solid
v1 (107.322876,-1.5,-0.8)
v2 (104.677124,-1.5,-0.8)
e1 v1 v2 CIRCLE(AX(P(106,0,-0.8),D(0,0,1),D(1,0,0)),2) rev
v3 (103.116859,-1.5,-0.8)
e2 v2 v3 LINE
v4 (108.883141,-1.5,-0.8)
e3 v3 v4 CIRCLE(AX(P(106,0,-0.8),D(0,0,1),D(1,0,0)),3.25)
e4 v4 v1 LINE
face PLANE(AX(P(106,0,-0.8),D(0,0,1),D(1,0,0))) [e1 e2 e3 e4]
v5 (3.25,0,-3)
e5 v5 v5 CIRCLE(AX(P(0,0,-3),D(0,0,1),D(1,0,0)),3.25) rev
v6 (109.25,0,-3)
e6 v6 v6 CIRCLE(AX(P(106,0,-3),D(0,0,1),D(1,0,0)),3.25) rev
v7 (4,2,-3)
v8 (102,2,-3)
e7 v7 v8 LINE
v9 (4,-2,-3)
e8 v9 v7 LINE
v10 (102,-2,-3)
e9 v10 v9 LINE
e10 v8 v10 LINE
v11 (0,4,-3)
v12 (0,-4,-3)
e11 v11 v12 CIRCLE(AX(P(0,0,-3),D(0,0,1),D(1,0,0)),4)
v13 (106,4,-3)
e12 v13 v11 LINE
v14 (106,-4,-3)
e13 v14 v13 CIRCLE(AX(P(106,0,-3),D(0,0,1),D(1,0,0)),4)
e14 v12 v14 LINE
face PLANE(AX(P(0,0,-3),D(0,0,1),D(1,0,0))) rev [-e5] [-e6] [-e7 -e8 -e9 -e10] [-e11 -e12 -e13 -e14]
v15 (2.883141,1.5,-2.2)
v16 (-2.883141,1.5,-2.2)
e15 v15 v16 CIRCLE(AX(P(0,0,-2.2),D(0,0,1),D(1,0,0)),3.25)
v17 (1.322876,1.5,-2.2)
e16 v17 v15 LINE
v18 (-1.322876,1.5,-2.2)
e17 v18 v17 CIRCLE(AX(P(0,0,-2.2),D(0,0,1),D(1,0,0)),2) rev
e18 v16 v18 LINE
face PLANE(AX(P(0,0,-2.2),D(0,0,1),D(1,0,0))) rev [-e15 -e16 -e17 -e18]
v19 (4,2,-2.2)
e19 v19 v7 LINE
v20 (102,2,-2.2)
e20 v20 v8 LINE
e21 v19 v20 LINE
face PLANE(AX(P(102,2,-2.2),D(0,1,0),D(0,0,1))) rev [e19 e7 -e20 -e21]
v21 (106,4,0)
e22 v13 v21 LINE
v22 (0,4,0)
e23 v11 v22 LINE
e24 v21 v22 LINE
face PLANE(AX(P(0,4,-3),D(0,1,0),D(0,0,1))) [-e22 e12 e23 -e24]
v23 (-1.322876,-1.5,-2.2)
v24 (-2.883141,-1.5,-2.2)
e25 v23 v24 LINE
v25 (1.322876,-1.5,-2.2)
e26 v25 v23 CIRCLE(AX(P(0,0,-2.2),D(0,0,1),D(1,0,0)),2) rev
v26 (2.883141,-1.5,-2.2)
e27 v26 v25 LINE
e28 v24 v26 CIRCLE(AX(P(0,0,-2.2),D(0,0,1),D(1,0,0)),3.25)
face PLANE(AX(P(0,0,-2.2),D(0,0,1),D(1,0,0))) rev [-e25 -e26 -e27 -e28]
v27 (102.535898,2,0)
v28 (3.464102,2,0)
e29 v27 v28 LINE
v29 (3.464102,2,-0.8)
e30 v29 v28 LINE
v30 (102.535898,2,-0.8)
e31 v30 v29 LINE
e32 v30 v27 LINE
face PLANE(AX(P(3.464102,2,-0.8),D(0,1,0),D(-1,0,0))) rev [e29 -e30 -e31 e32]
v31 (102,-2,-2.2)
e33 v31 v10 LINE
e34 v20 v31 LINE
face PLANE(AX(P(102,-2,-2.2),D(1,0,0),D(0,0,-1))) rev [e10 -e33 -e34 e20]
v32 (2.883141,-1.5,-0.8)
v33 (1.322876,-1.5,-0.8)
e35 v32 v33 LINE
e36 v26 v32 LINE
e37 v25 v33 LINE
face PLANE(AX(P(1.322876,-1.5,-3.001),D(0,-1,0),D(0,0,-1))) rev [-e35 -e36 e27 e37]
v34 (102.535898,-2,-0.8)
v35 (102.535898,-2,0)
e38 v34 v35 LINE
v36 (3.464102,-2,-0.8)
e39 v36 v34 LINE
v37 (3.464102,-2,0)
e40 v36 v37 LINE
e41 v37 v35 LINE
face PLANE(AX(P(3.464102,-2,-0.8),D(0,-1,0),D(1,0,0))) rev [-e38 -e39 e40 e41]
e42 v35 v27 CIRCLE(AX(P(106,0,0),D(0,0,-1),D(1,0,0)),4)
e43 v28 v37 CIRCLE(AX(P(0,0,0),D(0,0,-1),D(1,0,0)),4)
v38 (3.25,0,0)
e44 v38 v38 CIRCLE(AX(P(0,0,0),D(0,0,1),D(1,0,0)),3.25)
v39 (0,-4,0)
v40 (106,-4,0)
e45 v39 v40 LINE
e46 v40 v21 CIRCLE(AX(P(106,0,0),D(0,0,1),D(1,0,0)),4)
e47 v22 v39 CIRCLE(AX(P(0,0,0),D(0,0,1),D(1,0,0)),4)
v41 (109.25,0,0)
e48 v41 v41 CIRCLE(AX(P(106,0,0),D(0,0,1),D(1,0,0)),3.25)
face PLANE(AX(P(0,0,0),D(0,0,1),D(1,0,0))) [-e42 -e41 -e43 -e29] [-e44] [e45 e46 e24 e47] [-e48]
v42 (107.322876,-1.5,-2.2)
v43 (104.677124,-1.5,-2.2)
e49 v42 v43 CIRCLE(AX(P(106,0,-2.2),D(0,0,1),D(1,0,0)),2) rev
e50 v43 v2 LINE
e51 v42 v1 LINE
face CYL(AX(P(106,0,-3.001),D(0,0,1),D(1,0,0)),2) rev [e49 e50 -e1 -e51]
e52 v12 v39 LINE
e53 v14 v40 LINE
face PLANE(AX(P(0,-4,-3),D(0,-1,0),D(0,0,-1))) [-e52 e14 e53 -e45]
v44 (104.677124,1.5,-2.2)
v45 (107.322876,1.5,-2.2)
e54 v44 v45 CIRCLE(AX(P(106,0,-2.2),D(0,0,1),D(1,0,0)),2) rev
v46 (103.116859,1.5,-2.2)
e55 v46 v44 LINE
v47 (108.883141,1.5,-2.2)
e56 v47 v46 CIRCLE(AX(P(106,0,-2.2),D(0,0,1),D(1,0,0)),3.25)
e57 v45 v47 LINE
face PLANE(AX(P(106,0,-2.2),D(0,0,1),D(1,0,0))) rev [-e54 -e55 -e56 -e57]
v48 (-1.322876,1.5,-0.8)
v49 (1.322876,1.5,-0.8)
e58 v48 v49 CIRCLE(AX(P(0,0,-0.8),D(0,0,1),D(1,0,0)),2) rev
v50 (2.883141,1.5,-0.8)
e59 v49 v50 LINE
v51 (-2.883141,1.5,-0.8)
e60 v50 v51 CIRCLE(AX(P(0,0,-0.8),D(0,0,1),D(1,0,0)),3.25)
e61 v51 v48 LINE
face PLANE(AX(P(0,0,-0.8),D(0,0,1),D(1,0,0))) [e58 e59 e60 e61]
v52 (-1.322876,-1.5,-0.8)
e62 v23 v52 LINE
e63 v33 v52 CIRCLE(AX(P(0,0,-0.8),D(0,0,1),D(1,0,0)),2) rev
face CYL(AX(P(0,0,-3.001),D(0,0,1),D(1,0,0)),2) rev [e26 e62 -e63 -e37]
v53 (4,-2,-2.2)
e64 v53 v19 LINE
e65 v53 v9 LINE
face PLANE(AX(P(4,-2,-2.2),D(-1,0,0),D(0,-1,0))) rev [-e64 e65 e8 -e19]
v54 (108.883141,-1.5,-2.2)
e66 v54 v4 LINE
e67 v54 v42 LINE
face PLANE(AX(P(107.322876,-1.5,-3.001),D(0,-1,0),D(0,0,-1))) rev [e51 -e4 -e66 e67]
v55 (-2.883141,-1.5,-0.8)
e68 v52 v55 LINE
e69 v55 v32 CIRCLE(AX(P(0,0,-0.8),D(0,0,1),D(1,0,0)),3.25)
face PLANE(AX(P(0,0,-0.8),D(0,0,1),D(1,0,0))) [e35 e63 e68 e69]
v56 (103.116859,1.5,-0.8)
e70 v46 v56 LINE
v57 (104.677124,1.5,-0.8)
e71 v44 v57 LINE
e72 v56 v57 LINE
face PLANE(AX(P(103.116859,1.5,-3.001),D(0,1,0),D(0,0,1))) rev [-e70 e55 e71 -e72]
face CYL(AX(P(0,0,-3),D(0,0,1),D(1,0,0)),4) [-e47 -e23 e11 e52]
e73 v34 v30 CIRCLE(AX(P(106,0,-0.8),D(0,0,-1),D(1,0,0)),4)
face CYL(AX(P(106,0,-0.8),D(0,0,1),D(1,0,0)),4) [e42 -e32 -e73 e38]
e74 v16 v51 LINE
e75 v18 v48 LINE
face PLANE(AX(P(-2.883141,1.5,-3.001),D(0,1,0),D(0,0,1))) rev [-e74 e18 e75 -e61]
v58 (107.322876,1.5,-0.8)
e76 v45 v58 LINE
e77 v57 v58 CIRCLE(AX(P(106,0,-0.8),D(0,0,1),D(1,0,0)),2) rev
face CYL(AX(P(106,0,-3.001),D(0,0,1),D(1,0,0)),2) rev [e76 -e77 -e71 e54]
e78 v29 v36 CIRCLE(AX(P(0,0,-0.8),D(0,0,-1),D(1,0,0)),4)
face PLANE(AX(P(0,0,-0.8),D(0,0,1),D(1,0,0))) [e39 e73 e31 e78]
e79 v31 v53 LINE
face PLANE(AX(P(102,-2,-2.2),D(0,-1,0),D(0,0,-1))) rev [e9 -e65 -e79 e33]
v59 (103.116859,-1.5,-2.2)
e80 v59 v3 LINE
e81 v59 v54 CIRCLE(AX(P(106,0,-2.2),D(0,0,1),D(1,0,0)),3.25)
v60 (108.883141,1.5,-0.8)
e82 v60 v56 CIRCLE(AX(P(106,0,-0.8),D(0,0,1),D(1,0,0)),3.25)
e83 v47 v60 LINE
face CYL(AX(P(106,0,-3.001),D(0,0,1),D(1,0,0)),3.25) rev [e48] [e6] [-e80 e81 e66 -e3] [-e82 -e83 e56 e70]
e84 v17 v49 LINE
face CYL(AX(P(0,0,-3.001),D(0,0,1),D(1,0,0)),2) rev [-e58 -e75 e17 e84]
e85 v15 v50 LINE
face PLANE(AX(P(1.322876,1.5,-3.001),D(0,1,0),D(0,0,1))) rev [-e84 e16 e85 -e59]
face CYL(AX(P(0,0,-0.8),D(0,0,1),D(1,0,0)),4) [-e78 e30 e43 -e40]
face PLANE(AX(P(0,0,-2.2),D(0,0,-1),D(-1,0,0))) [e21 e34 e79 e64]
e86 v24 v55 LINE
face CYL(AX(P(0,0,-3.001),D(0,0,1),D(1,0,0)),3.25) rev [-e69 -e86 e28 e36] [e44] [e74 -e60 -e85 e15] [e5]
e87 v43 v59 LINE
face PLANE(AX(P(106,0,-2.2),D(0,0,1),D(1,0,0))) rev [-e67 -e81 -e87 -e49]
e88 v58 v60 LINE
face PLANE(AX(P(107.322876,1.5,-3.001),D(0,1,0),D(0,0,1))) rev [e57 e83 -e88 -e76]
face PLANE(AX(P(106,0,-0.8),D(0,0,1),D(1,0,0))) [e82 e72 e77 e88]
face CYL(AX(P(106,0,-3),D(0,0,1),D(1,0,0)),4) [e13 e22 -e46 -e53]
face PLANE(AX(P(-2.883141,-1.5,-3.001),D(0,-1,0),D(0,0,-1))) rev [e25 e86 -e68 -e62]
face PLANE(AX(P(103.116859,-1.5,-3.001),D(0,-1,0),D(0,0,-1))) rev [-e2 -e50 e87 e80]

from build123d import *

# Parameters (mm, degrees)
EXTRUDE_1_DEPTH        = 3
CUT_EXTRUDE_1_REACH    = 112.114
SKETCH_3_R             = 3.25
CUT_EXTRUDE_2_DEPTH    = 0.8
CUT_EXTRUDE_START      = -2.2
SKETCH_3_2_R           = 3.25
CUT_EXTRUDE_3_DEPTH    = 0.8
PATTERN_LINEAR_1_COUNT = 2
PATTERN_LINEAR_1_PITCH = 106
CUT_EXTRUDE_4_DEPTH    = 0.8
SKETCH_5_W             = 98
SKETCH_5_H             = 4
CUT_EXTRUDE_5_DEPTH    = 0.8


with BuildPart() as part:
    # 草图1 → 凸台-拉伸1 (new body)
    with BuildSketch(Plane.XY):
        with BuildLine():
            Line((0, 4), (106, 4))
            ThreePointArc((106, 4), (110, 0), (106, -4))
            Line((106, -4), (0, -4))
            ThreePointArc((0, -4), (-4, 0), (0, 4))
        make_face()
    extrude(amount=-EXTRUDE_1_DEPTH)

    # 草图2 → 切除-拉伸1 (cut, up to next)
    with BuildSketch(Plane.XY, mode=Mode.PRIVATE) as cut_extrude_1_sk1:
        with BuildLine():
            Line((1.322875656, -1.5), (2.883140649, -1.5))
            ThreePointArc((2.883140649, -1.5), (3.25, 0), (2.883140649, 1.5))
            Line((2.883140649, 1.5), (1.322875656, 1.5))
            ThreePointArc((1.322875656, 1.5), (0, 2), (-1.322875656, 1.5))
            Line((-1.322875656, 1.5), (-2.883140649, 1.5))
            ThreePointArc((-2.883140649, 1.5), (-3.25, 0), (-2.883140649, -1.5))
            Line((-2.883140649, -1.5), (-1.322875656, -1.5))
            ThreePointArc((-1.322875656, -1.5), (0, -2), (1.322875656, -1.5))
        make_face()
    cut_extrude_1_tool1 = extrude(cut_extrude_1_sk1.sketch, amount=-CUT_EXTRUDE_1_REACH, mode=Mode.PRIVATE) & part.part
    cut_extrude_1 = cut_extrude_1_tool1.solids().sort_by_distance((0, 0, 0))[0]
    add(cut_extrude_1, mode=Mode.SUBTRACT)

    # 草图3 → 切除-拉伸2 (cut)
    with BuildSketch(Plane.XY):
        Circle(SKETCH_3_R)
    cut_extrude_2 = extrude(amount=-CUT_EXTRUDE_2_DEPTH, mode=Mode.SUBTRACT)

    # 草图3<2> → 切除-拉伸3 (cut)
    with BuildSketch(Plane.XY.offset(CUT_EXTRUDE_START)):
        Circle(SKETCH_3_2_R)
    cut_extrude_3 = extrude(amount=-CUT_EXTRUDE_3_DEPTH, mode=Mode.SUBTRACT)

    # 阵列(线性)1: 切除-拉伸1, 切除-拉伸2, 切除-拉伸3 ×2
    with Locations(*[(i * PATTERN_LINEAR_1_PITCH, 0, 0) for i in range(1, PATTERN_LINEAR_1_COUNT)]):
        add(cut_extrude_1, mode=Mode.SUBTRACT)
        add(cut_extrude_2, mode=Mode.SUBTRACT)
        add(cut_extrude_3, mode=Mode.SUBTRACT)

    # 草图4 → 切除-拉伸4 (cut)
    with BuildSketch(Plane.XY):
        with BuildLine():
            Line((3.464101615, 2), (102.535898385, 2))
            ThreePointArc((102.535898385, 2), (102, 0), (102.535898385, -2))
            Line((102.535898385, -2), (3.464101615, -2))
            ThreePointArc((3.464101615, -2), (4, 0), (3.464101615, 2))
        make_face()
    extrude(amount=-CUT_EXTRUDE_4_DEPTH, mode=Mode.SUBTRACT)

    # 草图5 → 切除-拉伸5 (cut)
    with BuildSketch(Plane(origin=(0, 0, -3), x_dir=(-1, 0, 0), z_dir=(0, 0, -1))):
        with Locations((-53, 0)):
            Rectangle(SKETCH_5_W, SKETCH_5_H)
    extrude(amount=-CUT_EXTRUDE_5_DEPTH, mode=Mode.SUBTRACT)


solid = part.part
